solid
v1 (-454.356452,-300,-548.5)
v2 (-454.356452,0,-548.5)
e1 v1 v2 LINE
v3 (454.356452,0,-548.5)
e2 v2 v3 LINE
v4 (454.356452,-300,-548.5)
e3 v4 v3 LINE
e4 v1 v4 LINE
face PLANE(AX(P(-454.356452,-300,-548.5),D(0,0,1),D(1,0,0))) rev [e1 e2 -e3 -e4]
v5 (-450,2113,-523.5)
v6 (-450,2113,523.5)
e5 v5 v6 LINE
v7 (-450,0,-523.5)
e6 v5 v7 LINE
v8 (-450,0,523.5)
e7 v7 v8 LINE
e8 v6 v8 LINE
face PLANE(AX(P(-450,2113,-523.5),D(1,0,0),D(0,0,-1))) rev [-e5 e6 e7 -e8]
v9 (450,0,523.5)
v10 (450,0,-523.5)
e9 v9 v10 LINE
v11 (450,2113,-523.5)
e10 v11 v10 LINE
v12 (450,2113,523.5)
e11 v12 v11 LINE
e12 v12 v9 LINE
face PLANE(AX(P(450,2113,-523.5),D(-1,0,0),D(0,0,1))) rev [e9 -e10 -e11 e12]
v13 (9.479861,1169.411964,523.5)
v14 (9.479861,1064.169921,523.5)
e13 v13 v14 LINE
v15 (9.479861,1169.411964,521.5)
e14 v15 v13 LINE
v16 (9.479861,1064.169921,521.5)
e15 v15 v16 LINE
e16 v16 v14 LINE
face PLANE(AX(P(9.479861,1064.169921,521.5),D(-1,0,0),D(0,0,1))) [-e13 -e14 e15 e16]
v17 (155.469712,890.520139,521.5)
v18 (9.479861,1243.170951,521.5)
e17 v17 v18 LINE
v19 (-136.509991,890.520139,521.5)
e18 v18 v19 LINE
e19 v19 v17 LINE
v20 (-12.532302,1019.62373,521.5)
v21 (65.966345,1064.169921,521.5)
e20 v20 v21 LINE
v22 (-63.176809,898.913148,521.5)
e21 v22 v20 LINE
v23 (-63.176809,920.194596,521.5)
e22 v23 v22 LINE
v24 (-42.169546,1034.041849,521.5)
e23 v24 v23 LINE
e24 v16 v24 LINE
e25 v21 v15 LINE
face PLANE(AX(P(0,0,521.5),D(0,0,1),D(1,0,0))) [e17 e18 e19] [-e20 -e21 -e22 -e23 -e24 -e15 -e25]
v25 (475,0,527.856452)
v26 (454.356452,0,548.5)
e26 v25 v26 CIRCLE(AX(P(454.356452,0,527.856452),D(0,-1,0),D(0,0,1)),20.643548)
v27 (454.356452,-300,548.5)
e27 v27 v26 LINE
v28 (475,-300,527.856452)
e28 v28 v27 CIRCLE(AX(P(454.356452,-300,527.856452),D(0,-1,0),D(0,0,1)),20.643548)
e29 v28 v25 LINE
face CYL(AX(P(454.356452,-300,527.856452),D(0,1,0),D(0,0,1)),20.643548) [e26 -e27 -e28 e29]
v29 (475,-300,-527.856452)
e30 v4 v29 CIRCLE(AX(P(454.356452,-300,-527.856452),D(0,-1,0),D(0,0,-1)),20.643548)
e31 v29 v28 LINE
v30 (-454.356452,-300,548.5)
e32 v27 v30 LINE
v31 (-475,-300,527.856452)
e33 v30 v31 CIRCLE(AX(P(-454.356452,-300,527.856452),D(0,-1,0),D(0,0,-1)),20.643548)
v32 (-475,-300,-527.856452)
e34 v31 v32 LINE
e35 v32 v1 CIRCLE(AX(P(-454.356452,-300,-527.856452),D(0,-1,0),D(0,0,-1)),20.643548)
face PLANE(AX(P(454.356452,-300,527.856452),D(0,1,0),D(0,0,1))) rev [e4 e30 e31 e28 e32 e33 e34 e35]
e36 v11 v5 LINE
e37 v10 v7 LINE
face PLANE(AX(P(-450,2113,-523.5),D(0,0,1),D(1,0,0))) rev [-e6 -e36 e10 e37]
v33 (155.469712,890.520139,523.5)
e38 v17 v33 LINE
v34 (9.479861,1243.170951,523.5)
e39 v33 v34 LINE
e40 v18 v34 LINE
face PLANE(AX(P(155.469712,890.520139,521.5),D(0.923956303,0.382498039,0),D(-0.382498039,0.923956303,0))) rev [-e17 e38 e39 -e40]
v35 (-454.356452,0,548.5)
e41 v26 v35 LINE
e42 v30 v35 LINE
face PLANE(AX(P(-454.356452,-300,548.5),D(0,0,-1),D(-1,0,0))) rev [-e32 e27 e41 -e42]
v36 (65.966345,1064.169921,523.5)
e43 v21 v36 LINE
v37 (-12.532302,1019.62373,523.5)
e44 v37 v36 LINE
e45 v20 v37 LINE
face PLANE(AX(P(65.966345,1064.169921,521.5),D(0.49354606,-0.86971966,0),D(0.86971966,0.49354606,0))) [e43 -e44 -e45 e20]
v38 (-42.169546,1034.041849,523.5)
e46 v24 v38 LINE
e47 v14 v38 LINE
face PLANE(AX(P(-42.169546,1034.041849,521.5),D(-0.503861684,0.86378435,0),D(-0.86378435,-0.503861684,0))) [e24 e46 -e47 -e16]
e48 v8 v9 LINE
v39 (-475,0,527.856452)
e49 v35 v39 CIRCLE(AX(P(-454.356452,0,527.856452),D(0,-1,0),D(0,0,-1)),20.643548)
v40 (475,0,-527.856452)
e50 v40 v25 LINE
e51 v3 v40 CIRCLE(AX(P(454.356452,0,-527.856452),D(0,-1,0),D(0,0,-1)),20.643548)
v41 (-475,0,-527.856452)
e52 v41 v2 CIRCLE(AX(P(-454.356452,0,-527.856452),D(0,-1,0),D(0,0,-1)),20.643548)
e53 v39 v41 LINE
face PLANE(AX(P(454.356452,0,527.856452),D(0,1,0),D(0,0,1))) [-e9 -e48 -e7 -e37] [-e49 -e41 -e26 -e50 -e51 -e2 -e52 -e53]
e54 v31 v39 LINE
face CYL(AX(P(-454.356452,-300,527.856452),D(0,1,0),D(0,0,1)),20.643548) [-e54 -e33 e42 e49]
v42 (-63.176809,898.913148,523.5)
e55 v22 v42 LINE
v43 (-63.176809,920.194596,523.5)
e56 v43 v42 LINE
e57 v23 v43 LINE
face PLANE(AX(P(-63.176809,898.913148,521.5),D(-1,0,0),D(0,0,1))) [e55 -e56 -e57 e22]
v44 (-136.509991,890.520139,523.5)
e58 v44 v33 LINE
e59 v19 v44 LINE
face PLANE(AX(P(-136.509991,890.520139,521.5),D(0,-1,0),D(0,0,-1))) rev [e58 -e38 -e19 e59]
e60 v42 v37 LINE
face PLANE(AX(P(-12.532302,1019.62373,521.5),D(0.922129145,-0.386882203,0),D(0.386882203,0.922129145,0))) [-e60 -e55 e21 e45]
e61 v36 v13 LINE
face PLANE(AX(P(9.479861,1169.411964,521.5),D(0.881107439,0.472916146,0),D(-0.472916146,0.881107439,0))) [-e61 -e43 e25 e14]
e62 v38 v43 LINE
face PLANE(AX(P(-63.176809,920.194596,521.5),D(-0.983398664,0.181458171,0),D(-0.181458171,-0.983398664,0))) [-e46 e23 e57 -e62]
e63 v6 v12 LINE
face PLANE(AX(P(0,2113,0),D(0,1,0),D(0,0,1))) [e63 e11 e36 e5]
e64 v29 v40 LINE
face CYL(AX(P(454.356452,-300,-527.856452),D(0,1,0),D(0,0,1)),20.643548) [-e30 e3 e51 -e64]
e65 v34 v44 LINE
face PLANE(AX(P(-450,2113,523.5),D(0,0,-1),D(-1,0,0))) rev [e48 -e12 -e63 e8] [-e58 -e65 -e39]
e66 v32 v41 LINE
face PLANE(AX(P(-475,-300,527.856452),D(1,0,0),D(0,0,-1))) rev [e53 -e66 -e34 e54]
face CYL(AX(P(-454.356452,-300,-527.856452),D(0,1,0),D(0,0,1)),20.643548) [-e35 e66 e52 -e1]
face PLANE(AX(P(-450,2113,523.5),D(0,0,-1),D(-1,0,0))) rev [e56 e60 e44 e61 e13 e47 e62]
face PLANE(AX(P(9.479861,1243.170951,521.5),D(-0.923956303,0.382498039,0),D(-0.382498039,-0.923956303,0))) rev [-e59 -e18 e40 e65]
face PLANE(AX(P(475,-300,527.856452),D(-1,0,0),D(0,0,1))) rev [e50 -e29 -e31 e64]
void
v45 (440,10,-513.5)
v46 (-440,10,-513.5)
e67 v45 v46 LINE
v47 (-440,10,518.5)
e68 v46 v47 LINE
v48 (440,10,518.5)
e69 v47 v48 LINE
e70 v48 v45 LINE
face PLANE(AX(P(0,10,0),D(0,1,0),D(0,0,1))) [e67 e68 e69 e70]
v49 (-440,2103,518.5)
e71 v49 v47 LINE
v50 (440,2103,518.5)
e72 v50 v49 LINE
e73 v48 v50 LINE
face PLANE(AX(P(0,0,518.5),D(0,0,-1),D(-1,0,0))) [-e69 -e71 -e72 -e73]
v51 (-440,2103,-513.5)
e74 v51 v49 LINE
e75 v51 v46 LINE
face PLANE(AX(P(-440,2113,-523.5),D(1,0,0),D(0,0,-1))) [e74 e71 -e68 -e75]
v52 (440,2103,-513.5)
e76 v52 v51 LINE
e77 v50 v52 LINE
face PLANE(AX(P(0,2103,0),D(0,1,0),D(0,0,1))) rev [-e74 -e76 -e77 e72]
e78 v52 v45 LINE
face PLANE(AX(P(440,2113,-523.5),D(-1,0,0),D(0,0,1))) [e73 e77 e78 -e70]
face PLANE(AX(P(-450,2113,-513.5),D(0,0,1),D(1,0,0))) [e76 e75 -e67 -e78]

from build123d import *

# Parameters (mm, degrees)
CROQUIS1_W              = 900
CROQUIS1_H              = 1047
SALIENTE_EXTRUIR1_DEPTH = 2113
VACIADO2_T              = -10
CROQUIS2_W              = 880
CROQUIS2_H              = 2093
SALIENTE_EXTRUIR2_DEPTH = 5
CORTAR_EXTRUIR1_DEPTH   = 2
SALIENTE_EXTRUIR3_DEPTH = 300


with BuildPart() as part:
    # Croquis1 → Saliente-Extruir1 (new body)
    with BuildSketch(Plane(origin=(0, 0, 0), x_dir=(1, 0, 0), z_dir=(0, 1, 0))):
        Rectangle(CROQUIS1_W, CROQUIS1_H)
    extrude(amount=SALIENTE_EXTRUIR1_DEPTH)

    # Vaciado2
    vaciado2_openings = [part.faces().sort_by_distance(p)[0] for p in [
        (0, 1056.5, 523.5),
    ]]
    offset(amount=VACIADO2_T, openings=vaciado2_openings, kind=Kind.INTERSECTION)

    # Croquis2 → Saliente-Extruir2 (add)
    with BuildSketch(Plane.XY.offset(523.5)):
        with Locations((0, 1056.5)):
            Rectangle(CROQUIS2_W, CROQUIS2_H)
    extrude(amount=-SALIENTE_EXTRUIR2_DEPTH)

    # Croquis3 → Cortar-Extruir1 (cut)
    with BuildSketch(Plane.XY.offset(523.5)):
        Polygon((-136.509991439, 890.520139483), (155.469712472, 890.520139483), (9.479860517, 1243.170950701), align=None)
        Polygon((-63.176808732, 920.19459615), (-42.169545822, 1034.041849102), (9.479860517, 1064.169920858), (9.479860517, 1169.411963853), (65.966344659, 1064.169920858), (-12.532301764, 1019.623730372), (-63.176808732, 898.913148296), align=None, mode=Mode.SUBTRACT)
    extrude(amount=-CORTAR_EXTRUIR1_DEPTH, mode=Mode.SUBTRACT)

    # Croquis4 → Saliente-Extruir3 (add)
    with BuildSketch(Plane.XZ):
        with BuildLine():
            Line((-454.35645152, 548.5), (454.35645152, 548.5))
            ThreePointArc((454.35645152, 548.5), (468.953644638, 542.453644638), (475, 527.85645152))
            Line((475, 527.85645152), (475, -527.85645152))
            ThreePointArc((475, -527.85645152), (468.953644638, -542.453644638), (454.35645152, -548.5))
            Line((454.35645152, -548.5), (-454.35645152, -548.5))
            ThreePointArc((-454.35645152, -548.5), (-468.953644638, -542.453644638), (-475, -527.85645152))
            Line((-475, -527.85645152), (-475, 527.85645152))
            ThreePointArc((-475, 527.85645152), (-468.953644638, 542.453644638), (-454.35645152, 548.5))
        make_face()
    extrude(amount=SALIENTE_EXTRUIR3_DEPTH)


solid = part.part
